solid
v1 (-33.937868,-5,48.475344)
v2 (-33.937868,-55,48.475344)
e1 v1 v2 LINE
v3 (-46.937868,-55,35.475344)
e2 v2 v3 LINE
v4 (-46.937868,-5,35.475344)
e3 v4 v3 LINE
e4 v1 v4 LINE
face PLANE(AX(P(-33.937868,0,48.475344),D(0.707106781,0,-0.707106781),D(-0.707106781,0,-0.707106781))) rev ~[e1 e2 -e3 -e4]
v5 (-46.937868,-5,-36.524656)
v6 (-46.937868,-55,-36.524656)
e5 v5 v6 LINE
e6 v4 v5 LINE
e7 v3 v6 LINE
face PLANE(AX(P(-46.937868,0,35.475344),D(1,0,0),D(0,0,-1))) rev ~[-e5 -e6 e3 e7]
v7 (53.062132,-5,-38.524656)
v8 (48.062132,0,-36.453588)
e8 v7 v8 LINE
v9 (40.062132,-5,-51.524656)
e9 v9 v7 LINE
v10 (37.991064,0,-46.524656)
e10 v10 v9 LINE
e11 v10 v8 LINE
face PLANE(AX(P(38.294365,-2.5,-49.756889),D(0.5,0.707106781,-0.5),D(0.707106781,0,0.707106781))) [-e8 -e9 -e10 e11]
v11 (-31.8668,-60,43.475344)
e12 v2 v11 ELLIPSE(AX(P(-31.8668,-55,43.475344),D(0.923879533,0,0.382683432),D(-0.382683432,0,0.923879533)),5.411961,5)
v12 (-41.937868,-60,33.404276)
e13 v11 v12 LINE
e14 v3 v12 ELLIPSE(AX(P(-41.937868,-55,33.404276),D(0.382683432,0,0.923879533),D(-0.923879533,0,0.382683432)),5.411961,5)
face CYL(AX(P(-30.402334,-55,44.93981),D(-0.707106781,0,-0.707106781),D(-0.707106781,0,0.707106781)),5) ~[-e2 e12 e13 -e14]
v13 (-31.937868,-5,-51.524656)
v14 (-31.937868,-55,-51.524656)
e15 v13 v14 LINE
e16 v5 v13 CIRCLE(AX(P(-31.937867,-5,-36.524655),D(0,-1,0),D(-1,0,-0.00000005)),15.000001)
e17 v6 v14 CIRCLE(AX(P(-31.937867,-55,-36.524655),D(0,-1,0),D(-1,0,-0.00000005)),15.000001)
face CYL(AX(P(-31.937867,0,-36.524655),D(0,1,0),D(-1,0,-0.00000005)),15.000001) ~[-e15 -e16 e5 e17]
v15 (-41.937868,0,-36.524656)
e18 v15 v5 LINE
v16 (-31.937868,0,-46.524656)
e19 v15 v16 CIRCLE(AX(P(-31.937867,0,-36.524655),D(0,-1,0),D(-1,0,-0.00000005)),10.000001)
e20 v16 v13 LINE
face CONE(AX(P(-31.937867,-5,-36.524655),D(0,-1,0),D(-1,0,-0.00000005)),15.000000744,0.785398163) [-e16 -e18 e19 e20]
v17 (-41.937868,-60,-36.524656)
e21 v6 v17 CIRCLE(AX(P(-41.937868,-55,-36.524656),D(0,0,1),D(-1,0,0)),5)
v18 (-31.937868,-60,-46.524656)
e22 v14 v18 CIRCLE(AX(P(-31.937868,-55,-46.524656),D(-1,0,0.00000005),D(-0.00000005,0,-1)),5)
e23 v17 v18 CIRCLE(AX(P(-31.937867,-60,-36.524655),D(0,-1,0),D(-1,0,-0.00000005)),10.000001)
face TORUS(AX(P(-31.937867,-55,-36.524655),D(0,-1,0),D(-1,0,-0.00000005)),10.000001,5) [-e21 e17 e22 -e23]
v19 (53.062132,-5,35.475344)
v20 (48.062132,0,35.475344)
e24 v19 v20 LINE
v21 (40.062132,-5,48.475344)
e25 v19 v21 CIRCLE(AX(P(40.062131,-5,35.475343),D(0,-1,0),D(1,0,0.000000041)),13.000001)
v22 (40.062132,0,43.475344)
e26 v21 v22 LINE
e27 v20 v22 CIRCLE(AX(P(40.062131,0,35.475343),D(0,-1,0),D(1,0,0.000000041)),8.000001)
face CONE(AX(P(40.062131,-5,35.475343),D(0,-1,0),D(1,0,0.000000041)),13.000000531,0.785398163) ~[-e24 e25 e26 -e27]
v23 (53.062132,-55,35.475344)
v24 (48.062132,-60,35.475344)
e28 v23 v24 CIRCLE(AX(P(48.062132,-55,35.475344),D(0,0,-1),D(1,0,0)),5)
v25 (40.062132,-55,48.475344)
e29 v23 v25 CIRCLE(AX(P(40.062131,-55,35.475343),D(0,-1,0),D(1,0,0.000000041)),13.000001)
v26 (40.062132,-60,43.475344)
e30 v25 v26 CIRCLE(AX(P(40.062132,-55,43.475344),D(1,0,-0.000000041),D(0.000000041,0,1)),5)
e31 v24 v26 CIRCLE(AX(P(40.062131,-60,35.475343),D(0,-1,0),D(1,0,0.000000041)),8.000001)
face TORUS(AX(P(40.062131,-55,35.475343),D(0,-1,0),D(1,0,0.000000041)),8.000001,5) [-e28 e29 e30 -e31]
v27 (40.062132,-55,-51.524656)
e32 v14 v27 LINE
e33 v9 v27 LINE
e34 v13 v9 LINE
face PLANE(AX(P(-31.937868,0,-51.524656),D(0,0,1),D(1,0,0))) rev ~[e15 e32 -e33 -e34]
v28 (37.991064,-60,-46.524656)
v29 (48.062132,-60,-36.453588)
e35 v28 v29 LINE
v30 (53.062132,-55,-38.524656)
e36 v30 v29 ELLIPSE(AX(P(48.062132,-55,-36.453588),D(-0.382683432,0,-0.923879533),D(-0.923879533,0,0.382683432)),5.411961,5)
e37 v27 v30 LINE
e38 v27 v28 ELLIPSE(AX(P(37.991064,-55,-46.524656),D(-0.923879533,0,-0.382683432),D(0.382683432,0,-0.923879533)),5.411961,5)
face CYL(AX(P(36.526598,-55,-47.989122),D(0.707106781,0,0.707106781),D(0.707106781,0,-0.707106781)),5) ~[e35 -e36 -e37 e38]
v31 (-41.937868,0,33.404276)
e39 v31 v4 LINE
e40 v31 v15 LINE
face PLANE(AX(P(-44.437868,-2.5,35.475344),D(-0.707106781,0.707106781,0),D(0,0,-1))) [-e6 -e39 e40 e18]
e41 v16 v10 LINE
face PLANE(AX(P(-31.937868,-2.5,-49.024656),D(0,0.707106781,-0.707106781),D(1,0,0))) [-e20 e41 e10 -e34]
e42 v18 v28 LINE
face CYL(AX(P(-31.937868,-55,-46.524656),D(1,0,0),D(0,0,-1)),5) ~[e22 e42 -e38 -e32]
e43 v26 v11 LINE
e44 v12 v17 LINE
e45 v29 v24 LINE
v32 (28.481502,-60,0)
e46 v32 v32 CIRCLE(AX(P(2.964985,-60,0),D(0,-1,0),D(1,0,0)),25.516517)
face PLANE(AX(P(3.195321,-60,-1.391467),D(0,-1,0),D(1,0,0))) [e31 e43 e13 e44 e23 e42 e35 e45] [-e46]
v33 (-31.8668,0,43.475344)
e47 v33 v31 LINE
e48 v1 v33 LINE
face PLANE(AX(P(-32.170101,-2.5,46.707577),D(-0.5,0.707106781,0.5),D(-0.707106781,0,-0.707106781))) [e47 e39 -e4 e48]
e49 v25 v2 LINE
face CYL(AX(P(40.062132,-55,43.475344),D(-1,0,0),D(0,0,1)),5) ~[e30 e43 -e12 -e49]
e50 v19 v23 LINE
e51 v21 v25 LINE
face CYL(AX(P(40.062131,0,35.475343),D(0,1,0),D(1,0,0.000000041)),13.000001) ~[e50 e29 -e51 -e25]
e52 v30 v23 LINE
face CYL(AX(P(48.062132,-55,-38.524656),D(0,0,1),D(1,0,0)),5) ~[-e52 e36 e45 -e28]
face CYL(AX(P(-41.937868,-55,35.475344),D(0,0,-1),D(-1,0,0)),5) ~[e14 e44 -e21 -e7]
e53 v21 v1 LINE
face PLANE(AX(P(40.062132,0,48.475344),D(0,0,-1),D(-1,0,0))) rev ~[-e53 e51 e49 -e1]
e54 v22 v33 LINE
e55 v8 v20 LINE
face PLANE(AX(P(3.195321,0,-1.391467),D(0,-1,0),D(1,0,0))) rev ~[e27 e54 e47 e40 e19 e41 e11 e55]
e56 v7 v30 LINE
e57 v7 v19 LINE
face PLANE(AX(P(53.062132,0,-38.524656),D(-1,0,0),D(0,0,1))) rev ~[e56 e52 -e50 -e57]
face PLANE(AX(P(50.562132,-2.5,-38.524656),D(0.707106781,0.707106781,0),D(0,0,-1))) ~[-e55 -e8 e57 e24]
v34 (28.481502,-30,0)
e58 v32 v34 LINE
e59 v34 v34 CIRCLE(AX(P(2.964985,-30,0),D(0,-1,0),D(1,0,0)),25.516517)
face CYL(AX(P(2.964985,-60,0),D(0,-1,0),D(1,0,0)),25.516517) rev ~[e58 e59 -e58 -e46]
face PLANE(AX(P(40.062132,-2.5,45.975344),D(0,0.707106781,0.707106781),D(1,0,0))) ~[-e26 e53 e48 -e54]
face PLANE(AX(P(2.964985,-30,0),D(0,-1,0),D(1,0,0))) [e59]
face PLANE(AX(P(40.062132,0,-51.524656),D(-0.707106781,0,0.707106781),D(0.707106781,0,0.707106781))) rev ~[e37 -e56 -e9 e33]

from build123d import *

# Parameters (mm, degrees)
F1_DEPTH = 60
F2_R     = 5
F3_SIZE  = 5
F4_R     = 25.516517
F5_DEPTH = 30


with BuildPart() as f1:
    # F0 (on Front) → F1 (new body)
    with BuildSketch(Plane.XZ):
        with BuildLine():
            Line((40.062132, 48.475344), (-33.937868, 48.475344))
            Line((-33.937868, 48.475344), (-46.937868, 35.475344))
            Line((-46.937868, 35.475344), (-46.937868, -36.524656))
            ThreePointArc((-46.937868, -36.524656), (-42.544469, -47.131258), (-31.937868, -51.524656))
            Line((-31.937868, -51.524656), (40.062132, -51.524656))
            Line((40.062132, -51.524656), (53.062132, -38.524656))
            Line((53.062132, -38.524656), (53.062132, 35.475344))
            ThreePointArc((53.062132, 35.475344), (49.25452, 44.667732), (40.062132, 48.475344))
        make_face()
    extrude(amount=F1_DEPTH)

    # F2
    f2_edges = [f1.edges().sort_by_distance(p)[0] for p in [
        (3.062132, -60, 48.475344),
        (-40.437868, -60, 41.975344),
        (-46.937868, -60, -0.524656),
        (-42.544469, -60, -47.131258),
        (4.062132, -60, -51.524656),
        (46.562132, -60, -45.024656),
        (53.062132, -60, -1.524656),
        (49.25452, -60, 44.667732),
    ]]
    fillet(f2_edges, radius=F2_R)

    # F3
    f3_edges = [f1.edges().sort_by_distance(p)[0] for p in [
        (3.062132, 0, 48.475344),
        (-40.437868, 0, 41.975344),
        (-46.937868, 0, -0.524656),
        (-42.544469, 0, -47.131258),
        (4.062132, 0, -51.524656),
        (46.562132, 0, -45.024656),
        (53.062132, 0, -1.524656),
        (49.25452, 0, 44.667732),
    ]]
    chamfer(f3_edges, length=F3_SIZE)

    # F4 (on face) → F5 (cut)
    with BuildSketch(Plane.XZ.offset(60)):
        with Locations((2.964985, 0)):
            Circle(F4_R)
    extrude(amount=-F5_DEPTH, mode=Mode.SUBTRACT)


solid = f1.part
